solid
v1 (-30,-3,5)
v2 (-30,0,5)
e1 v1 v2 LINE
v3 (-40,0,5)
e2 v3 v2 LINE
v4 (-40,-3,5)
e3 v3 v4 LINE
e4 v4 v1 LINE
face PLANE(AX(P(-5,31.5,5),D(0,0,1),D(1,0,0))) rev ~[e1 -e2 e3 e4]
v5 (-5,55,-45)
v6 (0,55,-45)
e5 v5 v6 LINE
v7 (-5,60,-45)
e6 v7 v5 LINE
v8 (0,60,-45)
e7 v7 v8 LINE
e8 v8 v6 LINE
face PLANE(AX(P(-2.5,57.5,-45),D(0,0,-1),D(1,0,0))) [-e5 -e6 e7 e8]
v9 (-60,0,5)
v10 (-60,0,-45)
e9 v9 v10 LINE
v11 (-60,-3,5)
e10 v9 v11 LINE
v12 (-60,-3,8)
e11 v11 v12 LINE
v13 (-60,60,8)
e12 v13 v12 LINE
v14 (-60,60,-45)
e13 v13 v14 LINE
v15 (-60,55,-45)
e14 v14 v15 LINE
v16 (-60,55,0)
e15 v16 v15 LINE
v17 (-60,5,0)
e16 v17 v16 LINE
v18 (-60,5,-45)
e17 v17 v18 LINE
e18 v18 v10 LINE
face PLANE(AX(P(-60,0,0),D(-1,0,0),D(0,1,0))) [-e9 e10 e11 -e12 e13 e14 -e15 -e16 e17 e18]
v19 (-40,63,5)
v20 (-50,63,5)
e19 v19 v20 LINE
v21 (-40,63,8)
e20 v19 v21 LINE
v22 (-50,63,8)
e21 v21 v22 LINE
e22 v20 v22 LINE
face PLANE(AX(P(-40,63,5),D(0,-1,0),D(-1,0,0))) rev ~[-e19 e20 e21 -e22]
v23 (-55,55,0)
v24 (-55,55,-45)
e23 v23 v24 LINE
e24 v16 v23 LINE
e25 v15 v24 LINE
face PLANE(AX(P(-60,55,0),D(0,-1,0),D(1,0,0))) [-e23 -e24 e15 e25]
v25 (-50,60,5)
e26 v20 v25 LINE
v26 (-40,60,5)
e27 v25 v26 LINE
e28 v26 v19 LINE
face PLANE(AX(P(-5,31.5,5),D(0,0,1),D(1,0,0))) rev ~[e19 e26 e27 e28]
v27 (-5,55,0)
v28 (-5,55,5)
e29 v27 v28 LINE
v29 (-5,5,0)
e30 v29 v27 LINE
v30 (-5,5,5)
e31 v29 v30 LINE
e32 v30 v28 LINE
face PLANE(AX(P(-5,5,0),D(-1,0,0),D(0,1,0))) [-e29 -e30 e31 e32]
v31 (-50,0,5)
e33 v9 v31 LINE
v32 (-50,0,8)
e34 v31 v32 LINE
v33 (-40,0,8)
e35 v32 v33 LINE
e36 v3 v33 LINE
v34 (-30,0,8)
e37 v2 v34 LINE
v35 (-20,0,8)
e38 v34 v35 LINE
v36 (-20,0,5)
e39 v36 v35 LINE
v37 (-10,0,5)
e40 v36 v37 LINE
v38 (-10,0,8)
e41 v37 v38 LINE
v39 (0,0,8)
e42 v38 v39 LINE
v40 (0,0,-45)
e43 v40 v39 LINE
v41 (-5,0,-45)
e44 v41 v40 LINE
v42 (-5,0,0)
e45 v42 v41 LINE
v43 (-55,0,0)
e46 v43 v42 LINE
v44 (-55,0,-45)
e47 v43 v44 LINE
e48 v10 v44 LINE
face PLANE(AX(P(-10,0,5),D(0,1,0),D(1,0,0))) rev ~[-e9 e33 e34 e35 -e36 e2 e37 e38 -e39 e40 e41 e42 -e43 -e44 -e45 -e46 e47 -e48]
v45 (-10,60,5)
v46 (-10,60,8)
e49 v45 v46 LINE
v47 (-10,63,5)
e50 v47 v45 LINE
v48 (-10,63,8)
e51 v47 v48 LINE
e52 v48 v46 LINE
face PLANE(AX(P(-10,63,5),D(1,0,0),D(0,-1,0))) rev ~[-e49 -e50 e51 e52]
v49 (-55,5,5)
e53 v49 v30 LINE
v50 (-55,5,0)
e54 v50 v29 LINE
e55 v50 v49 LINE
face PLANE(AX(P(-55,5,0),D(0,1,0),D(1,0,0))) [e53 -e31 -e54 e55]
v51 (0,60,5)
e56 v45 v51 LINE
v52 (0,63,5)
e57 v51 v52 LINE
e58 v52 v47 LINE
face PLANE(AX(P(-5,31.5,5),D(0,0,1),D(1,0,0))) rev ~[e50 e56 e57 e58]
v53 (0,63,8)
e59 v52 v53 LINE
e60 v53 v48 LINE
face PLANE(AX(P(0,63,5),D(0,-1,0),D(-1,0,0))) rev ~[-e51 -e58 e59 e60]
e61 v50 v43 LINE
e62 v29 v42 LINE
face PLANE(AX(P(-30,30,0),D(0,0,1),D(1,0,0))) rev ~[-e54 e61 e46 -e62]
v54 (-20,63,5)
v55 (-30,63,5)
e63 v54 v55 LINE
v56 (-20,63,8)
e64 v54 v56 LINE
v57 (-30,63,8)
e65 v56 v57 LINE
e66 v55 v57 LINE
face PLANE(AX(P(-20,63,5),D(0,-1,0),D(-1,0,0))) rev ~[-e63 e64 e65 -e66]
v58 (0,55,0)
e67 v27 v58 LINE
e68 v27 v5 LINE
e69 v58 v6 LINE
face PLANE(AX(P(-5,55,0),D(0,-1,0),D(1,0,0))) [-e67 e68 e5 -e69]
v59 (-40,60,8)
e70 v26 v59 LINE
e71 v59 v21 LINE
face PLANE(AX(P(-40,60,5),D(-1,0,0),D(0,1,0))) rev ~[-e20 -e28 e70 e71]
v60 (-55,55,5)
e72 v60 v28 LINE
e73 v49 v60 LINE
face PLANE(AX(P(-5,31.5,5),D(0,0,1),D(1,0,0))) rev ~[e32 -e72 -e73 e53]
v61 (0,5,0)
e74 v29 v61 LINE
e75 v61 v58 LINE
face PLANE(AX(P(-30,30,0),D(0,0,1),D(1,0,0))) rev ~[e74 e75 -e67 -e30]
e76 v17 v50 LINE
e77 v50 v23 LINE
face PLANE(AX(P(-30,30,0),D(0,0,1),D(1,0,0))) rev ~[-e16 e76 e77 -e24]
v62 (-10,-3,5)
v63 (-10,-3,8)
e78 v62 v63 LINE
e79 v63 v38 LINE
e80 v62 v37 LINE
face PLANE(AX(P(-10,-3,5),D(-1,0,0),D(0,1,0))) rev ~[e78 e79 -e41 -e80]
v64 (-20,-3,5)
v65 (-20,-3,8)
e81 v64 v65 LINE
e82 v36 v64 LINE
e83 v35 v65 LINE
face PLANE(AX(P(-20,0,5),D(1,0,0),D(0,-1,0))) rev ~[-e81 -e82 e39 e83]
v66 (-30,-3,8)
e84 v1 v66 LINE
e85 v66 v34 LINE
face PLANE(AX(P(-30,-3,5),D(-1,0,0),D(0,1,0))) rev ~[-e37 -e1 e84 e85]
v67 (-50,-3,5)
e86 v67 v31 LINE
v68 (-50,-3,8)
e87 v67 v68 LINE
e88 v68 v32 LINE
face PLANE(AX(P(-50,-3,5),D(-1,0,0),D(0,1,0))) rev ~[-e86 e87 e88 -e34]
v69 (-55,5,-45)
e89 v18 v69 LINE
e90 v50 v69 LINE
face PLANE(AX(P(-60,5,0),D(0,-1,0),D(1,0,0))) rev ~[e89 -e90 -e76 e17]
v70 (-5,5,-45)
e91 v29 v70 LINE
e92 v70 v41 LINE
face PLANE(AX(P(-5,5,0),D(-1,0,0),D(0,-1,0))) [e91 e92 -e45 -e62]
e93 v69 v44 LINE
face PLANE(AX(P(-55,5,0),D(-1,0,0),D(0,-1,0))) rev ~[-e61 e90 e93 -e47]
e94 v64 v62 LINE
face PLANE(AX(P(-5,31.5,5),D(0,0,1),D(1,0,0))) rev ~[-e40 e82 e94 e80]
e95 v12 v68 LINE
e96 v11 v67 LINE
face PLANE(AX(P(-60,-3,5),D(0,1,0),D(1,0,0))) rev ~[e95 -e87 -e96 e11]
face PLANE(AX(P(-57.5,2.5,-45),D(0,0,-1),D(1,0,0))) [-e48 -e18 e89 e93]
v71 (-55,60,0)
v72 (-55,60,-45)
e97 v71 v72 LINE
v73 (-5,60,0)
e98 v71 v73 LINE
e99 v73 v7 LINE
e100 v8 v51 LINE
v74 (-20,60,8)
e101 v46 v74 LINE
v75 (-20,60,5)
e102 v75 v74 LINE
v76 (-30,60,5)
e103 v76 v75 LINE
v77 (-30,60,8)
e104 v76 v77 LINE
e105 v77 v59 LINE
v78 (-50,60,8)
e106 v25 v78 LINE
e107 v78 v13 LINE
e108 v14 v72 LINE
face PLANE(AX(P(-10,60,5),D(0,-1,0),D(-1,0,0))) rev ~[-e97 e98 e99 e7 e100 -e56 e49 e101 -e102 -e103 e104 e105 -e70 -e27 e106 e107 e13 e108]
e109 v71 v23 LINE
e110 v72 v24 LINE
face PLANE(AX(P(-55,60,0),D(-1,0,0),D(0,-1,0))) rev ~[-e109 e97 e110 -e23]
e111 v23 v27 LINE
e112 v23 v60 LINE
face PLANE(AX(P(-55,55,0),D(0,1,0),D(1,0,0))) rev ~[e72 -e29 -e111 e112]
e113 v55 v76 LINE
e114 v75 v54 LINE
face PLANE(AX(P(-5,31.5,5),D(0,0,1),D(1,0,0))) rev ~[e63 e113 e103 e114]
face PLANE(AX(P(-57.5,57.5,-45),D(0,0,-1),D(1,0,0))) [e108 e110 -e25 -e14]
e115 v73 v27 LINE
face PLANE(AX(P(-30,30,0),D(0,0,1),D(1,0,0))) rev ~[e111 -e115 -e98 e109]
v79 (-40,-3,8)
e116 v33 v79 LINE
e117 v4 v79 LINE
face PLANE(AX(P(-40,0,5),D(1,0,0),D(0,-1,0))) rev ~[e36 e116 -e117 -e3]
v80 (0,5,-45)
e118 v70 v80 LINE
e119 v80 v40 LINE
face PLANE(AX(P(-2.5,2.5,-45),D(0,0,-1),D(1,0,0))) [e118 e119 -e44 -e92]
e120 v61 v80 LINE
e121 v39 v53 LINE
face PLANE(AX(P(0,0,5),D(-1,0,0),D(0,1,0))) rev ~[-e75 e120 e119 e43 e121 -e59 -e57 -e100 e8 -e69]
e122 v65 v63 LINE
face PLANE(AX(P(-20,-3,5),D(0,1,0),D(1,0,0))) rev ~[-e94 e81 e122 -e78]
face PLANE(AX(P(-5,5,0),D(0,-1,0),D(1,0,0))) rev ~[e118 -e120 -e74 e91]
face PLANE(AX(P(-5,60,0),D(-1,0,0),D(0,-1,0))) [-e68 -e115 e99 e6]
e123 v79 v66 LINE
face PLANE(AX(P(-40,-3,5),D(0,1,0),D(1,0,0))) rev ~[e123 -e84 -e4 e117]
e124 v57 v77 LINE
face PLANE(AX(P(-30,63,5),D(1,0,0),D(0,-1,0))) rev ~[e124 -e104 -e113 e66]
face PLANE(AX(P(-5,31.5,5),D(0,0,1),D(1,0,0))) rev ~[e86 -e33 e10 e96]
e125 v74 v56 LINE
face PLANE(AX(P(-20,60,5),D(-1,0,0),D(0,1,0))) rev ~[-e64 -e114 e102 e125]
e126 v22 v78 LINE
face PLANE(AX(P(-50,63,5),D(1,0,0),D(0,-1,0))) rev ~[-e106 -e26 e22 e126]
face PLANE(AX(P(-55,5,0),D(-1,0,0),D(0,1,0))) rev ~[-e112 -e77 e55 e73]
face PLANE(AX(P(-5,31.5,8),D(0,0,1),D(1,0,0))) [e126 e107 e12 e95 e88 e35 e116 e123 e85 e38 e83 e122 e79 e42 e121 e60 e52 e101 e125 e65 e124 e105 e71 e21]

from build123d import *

# Parameters (mm, degrees)
F0_W     = 60
F0_H     = 60
F0_W_2   = 50
F0_H_2   = 50
F1_DEPTH = 5
F2_W     = 5
F2_H     = 5
F3_DEPTH = 45
F5_DEPTH = 3


with BuildPart() as f1:
    # F0 (on Top) → F1 (new body)
    with BuildSketch(Plane.XY):
        with Locations((-30, 30)):
            Rectangle(F0_W, F0_H)
        with Locations((-30, 30)):
            Rectangle(F0_W_2, F0_H_2, mode=Mode.SUBTRACT)
    extrude(amount=F1_DEPTH)

    # F2 (on face) → F3 (join)
    with BuildSketch(Plane(origin=(0, 0, 0), x_dir=(1, 0, 0), z_dir=(0, 0, -1))):
        with Locations((-2.5, -2.5)):
            Rectangle(F2_W, F2_H)
        with Locations((-57.5, -2.5)):
            Rectangle(F2_W, F2_H)
        with Locations((-2.5, -57.5)):
            Rectangle(F2_W, F2_H)
        with Locations((-57.5, -57.5)):
            Rectangle(F2_W, F2_H)
    extrude(amount=F3_DEPTH)

    # F4 (on face) → F5 (join)
    with BuildSketch(Plane.XY.offset(5)):
        Polygon((-10, 0), (0, 0), (0, 63), (-10, 63), (-10, 60), align=None)
        Polygon((-10, -3), (-10, 0), (-10, 60), (-20, 60), (-20, 0), (-20, -3), align=None)
        Polygon((-20, 0), (-20, 60), (-20, 63), (-30, 63), (-30, 60), (-30, 0), align=None)
        Polygon((-30, -3), (-30, 0), (-30, 60), (-40, 60), (-40, 0), (-40, -3), align=None)
        Polygon((-40, 0), (-40, 60), (-40, 63), (-50, 63), (-50, 60), (-50, 0), align=None)
        Polygon((-50, -3), (-50, 0), (-50, 60), (-60, 60), (-60, -3), align=None)
    extrude(amount=F5_DEPTH)


solid = f1.part
